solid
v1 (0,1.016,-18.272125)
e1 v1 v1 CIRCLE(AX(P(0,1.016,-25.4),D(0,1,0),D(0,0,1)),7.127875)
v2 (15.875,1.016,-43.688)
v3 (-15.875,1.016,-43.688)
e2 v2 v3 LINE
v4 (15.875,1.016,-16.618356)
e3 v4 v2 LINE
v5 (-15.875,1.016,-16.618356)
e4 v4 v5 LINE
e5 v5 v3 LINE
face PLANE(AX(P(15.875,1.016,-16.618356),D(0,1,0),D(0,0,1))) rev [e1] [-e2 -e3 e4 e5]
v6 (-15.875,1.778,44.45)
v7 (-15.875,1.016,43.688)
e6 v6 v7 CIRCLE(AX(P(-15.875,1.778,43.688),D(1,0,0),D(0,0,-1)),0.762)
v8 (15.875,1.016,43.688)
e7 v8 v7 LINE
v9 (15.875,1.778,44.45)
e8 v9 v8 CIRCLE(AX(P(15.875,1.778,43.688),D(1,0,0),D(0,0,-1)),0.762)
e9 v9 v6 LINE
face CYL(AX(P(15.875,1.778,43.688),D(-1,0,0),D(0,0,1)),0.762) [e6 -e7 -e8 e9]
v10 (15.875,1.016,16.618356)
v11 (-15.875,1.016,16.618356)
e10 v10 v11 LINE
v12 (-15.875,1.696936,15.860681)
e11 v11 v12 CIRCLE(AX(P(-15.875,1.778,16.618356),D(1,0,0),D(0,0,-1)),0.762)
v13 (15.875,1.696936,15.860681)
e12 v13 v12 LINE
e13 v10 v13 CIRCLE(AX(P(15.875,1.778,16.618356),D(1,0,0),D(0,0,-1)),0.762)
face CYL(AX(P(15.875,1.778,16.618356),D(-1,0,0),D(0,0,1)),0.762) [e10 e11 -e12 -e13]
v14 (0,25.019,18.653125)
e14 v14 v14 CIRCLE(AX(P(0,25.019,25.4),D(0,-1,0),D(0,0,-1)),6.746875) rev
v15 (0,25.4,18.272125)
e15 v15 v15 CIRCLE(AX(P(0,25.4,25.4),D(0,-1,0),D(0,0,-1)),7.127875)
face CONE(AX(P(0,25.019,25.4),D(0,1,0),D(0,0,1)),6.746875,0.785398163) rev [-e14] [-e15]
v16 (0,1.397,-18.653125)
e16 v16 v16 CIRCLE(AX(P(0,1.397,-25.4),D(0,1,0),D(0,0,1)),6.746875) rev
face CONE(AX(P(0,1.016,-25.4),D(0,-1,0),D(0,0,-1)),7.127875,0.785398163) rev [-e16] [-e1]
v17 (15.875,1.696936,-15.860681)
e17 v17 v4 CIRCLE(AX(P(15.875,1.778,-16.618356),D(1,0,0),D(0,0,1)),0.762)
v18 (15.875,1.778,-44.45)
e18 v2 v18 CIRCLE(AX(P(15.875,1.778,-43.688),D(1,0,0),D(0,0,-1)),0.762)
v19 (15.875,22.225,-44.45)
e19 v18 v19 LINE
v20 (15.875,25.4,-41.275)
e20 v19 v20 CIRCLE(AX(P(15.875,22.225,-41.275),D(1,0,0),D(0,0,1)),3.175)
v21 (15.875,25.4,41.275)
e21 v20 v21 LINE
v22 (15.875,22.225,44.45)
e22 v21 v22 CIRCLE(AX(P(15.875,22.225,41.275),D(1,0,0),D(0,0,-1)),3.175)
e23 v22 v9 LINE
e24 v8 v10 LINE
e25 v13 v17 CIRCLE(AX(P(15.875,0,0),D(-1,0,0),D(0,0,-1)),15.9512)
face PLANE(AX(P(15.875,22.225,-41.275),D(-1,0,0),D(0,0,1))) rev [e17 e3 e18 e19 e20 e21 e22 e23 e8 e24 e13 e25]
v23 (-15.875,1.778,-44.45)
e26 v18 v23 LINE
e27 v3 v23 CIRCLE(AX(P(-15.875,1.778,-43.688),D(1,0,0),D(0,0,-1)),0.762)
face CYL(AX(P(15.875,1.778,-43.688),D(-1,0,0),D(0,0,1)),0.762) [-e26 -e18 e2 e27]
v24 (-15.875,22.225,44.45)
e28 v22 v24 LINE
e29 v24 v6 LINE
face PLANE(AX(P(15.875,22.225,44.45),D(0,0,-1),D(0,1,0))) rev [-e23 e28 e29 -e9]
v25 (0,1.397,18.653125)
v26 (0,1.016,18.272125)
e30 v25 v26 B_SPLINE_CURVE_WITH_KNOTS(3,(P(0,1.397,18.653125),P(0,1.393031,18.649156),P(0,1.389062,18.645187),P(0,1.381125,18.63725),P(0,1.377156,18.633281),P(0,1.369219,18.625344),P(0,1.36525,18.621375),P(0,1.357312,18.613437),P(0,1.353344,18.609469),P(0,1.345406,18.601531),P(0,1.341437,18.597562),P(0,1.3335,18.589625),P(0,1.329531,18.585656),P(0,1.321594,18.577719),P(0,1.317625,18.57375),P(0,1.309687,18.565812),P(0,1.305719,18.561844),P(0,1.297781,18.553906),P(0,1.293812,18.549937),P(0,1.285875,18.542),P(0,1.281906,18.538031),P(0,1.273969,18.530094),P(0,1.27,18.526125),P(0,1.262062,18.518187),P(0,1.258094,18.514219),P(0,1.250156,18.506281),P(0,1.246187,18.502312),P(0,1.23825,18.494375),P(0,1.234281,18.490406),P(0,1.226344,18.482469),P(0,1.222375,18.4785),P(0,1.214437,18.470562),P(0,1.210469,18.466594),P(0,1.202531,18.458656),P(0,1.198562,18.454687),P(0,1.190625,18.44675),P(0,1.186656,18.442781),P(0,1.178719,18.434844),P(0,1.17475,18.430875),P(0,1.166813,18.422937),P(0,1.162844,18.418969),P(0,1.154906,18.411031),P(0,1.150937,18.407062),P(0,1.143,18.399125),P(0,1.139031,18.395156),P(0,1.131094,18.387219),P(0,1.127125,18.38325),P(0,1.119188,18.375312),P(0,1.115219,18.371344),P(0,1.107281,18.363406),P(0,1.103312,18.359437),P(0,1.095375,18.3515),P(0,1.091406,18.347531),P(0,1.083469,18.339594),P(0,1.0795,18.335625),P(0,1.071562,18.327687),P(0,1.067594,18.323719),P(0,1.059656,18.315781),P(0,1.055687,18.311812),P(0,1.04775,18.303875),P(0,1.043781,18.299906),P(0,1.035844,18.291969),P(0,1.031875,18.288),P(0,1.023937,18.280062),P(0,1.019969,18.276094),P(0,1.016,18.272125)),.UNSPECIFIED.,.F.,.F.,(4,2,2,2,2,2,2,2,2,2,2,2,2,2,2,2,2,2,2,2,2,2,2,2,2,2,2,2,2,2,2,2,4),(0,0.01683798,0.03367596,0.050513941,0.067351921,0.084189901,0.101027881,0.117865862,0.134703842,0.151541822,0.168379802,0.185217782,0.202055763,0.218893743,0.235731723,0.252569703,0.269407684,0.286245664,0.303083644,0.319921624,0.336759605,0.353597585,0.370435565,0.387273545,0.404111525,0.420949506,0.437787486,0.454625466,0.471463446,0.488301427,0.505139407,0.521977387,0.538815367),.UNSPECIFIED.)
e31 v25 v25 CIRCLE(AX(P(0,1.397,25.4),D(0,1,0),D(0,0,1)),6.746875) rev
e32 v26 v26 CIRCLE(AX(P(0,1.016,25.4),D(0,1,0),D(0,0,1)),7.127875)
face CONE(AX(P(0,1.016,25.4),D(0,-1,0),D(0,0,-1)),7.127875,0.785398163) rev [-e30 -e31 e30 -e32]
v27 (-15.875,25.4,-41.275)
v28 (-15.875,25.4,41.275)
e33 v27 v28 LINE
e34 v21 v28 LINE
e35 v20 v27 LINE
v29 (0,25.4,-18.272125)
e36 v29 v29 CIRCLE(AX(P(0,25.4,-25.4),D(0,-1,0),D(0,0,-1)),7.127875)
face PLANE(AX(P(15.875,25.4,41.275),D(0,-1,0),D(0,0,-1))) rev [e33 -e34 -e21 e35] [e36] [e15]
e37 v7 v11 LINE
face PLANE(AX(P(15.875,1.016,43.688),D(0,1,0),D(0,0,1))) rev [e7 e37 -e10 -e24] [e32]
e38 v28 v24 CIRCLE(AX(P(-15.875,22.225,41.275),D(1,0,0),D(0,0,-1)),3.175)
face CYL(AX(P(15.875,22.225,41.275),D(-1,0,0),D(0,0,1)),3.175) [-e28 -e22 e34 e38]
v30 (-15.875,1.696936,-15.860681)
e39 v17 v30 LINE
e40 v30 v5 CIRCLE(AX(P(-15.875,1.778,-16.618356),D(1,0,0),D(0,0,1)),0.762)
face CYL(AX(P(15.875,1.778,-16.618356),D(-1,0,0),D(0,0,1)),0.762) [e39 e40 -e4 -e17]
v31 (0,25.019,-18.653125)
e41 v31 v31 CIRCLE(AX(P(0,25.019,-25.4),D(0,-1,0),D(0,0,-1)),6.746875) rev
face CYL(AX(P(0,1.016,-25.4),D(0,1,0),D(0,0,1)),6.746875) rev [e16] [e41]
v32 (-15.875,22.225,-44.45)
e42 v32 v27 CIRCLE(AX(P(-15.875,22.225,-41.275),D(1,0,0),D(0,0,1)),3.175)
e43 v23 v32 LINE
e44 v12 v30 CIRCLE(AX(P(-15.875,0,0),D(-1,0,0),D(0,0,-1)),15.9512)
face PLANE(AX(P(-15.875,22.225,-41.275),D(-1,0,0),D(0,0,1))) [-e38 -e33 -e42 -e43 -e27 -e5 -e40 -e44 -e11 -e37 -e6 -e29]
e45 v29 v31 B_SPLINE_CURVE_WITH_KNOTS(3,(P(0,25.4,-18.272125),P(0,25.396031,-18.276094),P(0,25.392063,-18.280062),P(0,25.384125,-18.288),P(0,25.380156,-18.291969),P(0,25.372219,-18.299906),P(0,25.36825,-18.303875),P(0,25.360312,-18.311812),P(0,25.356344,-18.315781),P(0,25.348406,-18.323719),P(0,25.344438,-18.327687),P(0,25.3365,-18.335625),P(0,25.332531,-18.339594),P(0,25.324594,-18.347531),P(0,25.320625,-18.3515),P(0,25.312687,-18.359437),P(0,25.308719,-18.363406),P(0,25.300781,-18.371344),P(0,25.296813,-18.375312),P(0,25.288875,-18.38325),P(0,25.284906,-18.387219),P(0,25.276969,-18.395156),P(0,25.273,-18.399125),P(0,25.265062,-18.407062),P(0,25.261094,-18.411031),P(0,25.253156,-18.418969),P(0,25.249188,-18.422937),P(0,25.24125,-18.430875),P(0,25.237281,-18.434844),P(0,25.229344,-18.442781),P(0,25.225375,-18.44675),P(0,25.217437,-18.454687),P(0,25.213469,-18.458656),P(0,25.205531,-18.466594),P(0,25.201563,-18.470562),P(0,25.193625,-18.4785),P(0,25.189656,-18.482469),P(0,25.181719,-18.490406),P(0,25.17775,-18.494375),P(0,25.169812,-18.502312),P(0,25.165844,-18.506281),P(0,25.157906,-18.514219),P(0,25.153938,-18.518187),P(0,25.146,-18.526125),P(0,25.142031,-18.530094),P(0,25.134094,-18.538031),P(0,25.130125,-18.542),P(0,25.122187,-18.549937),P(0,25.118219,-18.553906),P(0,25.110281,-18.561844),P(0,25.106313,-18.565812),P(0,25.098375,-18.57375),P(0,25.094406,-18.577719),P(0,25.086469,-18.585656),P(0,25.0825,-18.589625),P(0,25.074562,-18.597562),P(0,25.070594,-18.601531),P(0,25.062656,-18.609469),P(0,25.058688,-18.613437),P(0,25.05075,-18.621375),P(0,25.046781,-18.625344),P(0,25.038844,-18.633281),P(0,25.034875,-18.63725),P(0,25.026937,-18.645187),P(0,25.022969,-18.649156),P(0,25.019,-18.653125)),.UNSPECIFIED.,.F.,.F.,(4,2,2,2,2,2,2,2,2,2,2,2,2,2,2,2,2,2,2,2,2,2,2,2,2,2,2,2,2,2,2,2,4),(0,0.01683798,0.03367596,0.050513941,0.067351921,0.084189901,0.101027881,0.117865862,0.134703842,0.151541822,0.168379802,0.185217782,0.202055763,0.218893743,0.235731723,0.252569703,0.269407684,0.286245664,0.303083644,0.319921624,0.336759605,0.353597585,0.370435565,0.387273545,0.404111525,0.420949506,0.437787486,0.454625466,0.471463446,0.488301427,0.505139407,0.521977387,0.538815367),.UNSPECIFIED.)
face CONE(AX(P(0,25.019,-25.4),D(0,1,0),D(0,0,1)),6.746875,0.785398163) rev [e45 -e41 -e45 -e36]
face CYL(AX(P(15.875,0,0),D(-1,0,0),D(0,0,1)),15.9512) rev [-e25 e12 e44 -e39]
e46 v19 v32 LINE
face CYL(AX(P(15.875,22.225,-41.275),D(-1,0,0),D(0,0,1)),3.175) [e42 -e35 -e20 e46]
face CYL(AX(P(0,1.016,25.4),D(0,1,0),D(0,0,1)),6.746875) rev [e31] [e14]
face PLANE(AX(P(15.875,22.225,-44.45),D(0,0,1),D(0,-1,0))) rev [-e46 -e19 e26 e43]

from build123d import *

# Parameters (mm, degrees)
BASE_EXTRUDE_DEPTH = 15.875
SKETCH2_R          = 6.746875
CUT_EXTRUDE1_DEPTH = 54.126241924
CHAMFER1_SIZE      = 0.381


with BuildPart() as part:
    # Sketch1 → Base-Extrude (new, symmetric)
    with BuildSketch(Plane(origin=(0, 0, 0), x_dir=(0, 0, -1), z_dir=(1, 0, 0))):
        with BuildLine():
            Line((16.618356424, 1.016), (43.688, 1.016))
            ThreePointArc((43.688, 1.016), (44.226815367, 1.239184633), (44.45, 1.778))
            Line((44.45, 1.778), (44.45, 22.225))
            ThreePointArc((44.45, 22.225), (43.52006403, 24.47006403), (41.275, 25.4))
            Line((41.275, 25.4), (-41.275, 25.4))
            ThreePointArc((-41.275, 25.4), (-43.52006403, 24.47006403), (-44.45, 22.225))
            Line((-44.45, 22.225), (-44.45, 1.778))
            ThreePointArc((-44.45, 1.778), (-44.226815367, 1.239184633), (-43.688, 1.016))
            Line((-43.688, 1.016), (-16.618356424, 1.016))
            ThreePointArc((-16.618356424, 1.016), (-16.109007152, 1.21124845), (-15.860680599, 1.69693617))
            ThreePointArc((-15.860680599, 1.69693617), (0, 15.9512), (15.860680599, 1.69693617))
            ThreePointArc((15.860680599, 1.69693617), (16.109007152, 1.21124845), (16.618356424, 1.016))
        make_face()
    extrude(amount=BASE_EXTRUDE_DEPTH, both=True)

    # Sketch2 → Cut-Extrude1 (cut, through all)
    with BuildSketch(Plane(origin=(0, 25.4, 0), x_dir=(-1, 0, 0), z_dir=(0, 1, 0))):
        with Locations(Location((0, 25.4, 0), (0, 0, 90))):
            Circle(SKETCH2_R)
        with Locations(Location((0, -25.4, 0), (0, 0, 90))):
            Circle(SKETCH2_R)
    extrude(amount=-CUT_EXTRUDE1_DEPTH, mode=Mode.SUBTRACT)

    # Chamfer1
    chamfer1_edges = [part.edges().sort_by_distance(p)[0] for p in [
        (0, 1.016, 18.653125),
        (0, 25.4, 18.653125),
        (0, 1.016, -32.146875),
        (0, 25.4, -32.146875),
    ]]
    chamfer(chamfer1_edges, length=CHAMFER1_SIZE)


solid = part.part
